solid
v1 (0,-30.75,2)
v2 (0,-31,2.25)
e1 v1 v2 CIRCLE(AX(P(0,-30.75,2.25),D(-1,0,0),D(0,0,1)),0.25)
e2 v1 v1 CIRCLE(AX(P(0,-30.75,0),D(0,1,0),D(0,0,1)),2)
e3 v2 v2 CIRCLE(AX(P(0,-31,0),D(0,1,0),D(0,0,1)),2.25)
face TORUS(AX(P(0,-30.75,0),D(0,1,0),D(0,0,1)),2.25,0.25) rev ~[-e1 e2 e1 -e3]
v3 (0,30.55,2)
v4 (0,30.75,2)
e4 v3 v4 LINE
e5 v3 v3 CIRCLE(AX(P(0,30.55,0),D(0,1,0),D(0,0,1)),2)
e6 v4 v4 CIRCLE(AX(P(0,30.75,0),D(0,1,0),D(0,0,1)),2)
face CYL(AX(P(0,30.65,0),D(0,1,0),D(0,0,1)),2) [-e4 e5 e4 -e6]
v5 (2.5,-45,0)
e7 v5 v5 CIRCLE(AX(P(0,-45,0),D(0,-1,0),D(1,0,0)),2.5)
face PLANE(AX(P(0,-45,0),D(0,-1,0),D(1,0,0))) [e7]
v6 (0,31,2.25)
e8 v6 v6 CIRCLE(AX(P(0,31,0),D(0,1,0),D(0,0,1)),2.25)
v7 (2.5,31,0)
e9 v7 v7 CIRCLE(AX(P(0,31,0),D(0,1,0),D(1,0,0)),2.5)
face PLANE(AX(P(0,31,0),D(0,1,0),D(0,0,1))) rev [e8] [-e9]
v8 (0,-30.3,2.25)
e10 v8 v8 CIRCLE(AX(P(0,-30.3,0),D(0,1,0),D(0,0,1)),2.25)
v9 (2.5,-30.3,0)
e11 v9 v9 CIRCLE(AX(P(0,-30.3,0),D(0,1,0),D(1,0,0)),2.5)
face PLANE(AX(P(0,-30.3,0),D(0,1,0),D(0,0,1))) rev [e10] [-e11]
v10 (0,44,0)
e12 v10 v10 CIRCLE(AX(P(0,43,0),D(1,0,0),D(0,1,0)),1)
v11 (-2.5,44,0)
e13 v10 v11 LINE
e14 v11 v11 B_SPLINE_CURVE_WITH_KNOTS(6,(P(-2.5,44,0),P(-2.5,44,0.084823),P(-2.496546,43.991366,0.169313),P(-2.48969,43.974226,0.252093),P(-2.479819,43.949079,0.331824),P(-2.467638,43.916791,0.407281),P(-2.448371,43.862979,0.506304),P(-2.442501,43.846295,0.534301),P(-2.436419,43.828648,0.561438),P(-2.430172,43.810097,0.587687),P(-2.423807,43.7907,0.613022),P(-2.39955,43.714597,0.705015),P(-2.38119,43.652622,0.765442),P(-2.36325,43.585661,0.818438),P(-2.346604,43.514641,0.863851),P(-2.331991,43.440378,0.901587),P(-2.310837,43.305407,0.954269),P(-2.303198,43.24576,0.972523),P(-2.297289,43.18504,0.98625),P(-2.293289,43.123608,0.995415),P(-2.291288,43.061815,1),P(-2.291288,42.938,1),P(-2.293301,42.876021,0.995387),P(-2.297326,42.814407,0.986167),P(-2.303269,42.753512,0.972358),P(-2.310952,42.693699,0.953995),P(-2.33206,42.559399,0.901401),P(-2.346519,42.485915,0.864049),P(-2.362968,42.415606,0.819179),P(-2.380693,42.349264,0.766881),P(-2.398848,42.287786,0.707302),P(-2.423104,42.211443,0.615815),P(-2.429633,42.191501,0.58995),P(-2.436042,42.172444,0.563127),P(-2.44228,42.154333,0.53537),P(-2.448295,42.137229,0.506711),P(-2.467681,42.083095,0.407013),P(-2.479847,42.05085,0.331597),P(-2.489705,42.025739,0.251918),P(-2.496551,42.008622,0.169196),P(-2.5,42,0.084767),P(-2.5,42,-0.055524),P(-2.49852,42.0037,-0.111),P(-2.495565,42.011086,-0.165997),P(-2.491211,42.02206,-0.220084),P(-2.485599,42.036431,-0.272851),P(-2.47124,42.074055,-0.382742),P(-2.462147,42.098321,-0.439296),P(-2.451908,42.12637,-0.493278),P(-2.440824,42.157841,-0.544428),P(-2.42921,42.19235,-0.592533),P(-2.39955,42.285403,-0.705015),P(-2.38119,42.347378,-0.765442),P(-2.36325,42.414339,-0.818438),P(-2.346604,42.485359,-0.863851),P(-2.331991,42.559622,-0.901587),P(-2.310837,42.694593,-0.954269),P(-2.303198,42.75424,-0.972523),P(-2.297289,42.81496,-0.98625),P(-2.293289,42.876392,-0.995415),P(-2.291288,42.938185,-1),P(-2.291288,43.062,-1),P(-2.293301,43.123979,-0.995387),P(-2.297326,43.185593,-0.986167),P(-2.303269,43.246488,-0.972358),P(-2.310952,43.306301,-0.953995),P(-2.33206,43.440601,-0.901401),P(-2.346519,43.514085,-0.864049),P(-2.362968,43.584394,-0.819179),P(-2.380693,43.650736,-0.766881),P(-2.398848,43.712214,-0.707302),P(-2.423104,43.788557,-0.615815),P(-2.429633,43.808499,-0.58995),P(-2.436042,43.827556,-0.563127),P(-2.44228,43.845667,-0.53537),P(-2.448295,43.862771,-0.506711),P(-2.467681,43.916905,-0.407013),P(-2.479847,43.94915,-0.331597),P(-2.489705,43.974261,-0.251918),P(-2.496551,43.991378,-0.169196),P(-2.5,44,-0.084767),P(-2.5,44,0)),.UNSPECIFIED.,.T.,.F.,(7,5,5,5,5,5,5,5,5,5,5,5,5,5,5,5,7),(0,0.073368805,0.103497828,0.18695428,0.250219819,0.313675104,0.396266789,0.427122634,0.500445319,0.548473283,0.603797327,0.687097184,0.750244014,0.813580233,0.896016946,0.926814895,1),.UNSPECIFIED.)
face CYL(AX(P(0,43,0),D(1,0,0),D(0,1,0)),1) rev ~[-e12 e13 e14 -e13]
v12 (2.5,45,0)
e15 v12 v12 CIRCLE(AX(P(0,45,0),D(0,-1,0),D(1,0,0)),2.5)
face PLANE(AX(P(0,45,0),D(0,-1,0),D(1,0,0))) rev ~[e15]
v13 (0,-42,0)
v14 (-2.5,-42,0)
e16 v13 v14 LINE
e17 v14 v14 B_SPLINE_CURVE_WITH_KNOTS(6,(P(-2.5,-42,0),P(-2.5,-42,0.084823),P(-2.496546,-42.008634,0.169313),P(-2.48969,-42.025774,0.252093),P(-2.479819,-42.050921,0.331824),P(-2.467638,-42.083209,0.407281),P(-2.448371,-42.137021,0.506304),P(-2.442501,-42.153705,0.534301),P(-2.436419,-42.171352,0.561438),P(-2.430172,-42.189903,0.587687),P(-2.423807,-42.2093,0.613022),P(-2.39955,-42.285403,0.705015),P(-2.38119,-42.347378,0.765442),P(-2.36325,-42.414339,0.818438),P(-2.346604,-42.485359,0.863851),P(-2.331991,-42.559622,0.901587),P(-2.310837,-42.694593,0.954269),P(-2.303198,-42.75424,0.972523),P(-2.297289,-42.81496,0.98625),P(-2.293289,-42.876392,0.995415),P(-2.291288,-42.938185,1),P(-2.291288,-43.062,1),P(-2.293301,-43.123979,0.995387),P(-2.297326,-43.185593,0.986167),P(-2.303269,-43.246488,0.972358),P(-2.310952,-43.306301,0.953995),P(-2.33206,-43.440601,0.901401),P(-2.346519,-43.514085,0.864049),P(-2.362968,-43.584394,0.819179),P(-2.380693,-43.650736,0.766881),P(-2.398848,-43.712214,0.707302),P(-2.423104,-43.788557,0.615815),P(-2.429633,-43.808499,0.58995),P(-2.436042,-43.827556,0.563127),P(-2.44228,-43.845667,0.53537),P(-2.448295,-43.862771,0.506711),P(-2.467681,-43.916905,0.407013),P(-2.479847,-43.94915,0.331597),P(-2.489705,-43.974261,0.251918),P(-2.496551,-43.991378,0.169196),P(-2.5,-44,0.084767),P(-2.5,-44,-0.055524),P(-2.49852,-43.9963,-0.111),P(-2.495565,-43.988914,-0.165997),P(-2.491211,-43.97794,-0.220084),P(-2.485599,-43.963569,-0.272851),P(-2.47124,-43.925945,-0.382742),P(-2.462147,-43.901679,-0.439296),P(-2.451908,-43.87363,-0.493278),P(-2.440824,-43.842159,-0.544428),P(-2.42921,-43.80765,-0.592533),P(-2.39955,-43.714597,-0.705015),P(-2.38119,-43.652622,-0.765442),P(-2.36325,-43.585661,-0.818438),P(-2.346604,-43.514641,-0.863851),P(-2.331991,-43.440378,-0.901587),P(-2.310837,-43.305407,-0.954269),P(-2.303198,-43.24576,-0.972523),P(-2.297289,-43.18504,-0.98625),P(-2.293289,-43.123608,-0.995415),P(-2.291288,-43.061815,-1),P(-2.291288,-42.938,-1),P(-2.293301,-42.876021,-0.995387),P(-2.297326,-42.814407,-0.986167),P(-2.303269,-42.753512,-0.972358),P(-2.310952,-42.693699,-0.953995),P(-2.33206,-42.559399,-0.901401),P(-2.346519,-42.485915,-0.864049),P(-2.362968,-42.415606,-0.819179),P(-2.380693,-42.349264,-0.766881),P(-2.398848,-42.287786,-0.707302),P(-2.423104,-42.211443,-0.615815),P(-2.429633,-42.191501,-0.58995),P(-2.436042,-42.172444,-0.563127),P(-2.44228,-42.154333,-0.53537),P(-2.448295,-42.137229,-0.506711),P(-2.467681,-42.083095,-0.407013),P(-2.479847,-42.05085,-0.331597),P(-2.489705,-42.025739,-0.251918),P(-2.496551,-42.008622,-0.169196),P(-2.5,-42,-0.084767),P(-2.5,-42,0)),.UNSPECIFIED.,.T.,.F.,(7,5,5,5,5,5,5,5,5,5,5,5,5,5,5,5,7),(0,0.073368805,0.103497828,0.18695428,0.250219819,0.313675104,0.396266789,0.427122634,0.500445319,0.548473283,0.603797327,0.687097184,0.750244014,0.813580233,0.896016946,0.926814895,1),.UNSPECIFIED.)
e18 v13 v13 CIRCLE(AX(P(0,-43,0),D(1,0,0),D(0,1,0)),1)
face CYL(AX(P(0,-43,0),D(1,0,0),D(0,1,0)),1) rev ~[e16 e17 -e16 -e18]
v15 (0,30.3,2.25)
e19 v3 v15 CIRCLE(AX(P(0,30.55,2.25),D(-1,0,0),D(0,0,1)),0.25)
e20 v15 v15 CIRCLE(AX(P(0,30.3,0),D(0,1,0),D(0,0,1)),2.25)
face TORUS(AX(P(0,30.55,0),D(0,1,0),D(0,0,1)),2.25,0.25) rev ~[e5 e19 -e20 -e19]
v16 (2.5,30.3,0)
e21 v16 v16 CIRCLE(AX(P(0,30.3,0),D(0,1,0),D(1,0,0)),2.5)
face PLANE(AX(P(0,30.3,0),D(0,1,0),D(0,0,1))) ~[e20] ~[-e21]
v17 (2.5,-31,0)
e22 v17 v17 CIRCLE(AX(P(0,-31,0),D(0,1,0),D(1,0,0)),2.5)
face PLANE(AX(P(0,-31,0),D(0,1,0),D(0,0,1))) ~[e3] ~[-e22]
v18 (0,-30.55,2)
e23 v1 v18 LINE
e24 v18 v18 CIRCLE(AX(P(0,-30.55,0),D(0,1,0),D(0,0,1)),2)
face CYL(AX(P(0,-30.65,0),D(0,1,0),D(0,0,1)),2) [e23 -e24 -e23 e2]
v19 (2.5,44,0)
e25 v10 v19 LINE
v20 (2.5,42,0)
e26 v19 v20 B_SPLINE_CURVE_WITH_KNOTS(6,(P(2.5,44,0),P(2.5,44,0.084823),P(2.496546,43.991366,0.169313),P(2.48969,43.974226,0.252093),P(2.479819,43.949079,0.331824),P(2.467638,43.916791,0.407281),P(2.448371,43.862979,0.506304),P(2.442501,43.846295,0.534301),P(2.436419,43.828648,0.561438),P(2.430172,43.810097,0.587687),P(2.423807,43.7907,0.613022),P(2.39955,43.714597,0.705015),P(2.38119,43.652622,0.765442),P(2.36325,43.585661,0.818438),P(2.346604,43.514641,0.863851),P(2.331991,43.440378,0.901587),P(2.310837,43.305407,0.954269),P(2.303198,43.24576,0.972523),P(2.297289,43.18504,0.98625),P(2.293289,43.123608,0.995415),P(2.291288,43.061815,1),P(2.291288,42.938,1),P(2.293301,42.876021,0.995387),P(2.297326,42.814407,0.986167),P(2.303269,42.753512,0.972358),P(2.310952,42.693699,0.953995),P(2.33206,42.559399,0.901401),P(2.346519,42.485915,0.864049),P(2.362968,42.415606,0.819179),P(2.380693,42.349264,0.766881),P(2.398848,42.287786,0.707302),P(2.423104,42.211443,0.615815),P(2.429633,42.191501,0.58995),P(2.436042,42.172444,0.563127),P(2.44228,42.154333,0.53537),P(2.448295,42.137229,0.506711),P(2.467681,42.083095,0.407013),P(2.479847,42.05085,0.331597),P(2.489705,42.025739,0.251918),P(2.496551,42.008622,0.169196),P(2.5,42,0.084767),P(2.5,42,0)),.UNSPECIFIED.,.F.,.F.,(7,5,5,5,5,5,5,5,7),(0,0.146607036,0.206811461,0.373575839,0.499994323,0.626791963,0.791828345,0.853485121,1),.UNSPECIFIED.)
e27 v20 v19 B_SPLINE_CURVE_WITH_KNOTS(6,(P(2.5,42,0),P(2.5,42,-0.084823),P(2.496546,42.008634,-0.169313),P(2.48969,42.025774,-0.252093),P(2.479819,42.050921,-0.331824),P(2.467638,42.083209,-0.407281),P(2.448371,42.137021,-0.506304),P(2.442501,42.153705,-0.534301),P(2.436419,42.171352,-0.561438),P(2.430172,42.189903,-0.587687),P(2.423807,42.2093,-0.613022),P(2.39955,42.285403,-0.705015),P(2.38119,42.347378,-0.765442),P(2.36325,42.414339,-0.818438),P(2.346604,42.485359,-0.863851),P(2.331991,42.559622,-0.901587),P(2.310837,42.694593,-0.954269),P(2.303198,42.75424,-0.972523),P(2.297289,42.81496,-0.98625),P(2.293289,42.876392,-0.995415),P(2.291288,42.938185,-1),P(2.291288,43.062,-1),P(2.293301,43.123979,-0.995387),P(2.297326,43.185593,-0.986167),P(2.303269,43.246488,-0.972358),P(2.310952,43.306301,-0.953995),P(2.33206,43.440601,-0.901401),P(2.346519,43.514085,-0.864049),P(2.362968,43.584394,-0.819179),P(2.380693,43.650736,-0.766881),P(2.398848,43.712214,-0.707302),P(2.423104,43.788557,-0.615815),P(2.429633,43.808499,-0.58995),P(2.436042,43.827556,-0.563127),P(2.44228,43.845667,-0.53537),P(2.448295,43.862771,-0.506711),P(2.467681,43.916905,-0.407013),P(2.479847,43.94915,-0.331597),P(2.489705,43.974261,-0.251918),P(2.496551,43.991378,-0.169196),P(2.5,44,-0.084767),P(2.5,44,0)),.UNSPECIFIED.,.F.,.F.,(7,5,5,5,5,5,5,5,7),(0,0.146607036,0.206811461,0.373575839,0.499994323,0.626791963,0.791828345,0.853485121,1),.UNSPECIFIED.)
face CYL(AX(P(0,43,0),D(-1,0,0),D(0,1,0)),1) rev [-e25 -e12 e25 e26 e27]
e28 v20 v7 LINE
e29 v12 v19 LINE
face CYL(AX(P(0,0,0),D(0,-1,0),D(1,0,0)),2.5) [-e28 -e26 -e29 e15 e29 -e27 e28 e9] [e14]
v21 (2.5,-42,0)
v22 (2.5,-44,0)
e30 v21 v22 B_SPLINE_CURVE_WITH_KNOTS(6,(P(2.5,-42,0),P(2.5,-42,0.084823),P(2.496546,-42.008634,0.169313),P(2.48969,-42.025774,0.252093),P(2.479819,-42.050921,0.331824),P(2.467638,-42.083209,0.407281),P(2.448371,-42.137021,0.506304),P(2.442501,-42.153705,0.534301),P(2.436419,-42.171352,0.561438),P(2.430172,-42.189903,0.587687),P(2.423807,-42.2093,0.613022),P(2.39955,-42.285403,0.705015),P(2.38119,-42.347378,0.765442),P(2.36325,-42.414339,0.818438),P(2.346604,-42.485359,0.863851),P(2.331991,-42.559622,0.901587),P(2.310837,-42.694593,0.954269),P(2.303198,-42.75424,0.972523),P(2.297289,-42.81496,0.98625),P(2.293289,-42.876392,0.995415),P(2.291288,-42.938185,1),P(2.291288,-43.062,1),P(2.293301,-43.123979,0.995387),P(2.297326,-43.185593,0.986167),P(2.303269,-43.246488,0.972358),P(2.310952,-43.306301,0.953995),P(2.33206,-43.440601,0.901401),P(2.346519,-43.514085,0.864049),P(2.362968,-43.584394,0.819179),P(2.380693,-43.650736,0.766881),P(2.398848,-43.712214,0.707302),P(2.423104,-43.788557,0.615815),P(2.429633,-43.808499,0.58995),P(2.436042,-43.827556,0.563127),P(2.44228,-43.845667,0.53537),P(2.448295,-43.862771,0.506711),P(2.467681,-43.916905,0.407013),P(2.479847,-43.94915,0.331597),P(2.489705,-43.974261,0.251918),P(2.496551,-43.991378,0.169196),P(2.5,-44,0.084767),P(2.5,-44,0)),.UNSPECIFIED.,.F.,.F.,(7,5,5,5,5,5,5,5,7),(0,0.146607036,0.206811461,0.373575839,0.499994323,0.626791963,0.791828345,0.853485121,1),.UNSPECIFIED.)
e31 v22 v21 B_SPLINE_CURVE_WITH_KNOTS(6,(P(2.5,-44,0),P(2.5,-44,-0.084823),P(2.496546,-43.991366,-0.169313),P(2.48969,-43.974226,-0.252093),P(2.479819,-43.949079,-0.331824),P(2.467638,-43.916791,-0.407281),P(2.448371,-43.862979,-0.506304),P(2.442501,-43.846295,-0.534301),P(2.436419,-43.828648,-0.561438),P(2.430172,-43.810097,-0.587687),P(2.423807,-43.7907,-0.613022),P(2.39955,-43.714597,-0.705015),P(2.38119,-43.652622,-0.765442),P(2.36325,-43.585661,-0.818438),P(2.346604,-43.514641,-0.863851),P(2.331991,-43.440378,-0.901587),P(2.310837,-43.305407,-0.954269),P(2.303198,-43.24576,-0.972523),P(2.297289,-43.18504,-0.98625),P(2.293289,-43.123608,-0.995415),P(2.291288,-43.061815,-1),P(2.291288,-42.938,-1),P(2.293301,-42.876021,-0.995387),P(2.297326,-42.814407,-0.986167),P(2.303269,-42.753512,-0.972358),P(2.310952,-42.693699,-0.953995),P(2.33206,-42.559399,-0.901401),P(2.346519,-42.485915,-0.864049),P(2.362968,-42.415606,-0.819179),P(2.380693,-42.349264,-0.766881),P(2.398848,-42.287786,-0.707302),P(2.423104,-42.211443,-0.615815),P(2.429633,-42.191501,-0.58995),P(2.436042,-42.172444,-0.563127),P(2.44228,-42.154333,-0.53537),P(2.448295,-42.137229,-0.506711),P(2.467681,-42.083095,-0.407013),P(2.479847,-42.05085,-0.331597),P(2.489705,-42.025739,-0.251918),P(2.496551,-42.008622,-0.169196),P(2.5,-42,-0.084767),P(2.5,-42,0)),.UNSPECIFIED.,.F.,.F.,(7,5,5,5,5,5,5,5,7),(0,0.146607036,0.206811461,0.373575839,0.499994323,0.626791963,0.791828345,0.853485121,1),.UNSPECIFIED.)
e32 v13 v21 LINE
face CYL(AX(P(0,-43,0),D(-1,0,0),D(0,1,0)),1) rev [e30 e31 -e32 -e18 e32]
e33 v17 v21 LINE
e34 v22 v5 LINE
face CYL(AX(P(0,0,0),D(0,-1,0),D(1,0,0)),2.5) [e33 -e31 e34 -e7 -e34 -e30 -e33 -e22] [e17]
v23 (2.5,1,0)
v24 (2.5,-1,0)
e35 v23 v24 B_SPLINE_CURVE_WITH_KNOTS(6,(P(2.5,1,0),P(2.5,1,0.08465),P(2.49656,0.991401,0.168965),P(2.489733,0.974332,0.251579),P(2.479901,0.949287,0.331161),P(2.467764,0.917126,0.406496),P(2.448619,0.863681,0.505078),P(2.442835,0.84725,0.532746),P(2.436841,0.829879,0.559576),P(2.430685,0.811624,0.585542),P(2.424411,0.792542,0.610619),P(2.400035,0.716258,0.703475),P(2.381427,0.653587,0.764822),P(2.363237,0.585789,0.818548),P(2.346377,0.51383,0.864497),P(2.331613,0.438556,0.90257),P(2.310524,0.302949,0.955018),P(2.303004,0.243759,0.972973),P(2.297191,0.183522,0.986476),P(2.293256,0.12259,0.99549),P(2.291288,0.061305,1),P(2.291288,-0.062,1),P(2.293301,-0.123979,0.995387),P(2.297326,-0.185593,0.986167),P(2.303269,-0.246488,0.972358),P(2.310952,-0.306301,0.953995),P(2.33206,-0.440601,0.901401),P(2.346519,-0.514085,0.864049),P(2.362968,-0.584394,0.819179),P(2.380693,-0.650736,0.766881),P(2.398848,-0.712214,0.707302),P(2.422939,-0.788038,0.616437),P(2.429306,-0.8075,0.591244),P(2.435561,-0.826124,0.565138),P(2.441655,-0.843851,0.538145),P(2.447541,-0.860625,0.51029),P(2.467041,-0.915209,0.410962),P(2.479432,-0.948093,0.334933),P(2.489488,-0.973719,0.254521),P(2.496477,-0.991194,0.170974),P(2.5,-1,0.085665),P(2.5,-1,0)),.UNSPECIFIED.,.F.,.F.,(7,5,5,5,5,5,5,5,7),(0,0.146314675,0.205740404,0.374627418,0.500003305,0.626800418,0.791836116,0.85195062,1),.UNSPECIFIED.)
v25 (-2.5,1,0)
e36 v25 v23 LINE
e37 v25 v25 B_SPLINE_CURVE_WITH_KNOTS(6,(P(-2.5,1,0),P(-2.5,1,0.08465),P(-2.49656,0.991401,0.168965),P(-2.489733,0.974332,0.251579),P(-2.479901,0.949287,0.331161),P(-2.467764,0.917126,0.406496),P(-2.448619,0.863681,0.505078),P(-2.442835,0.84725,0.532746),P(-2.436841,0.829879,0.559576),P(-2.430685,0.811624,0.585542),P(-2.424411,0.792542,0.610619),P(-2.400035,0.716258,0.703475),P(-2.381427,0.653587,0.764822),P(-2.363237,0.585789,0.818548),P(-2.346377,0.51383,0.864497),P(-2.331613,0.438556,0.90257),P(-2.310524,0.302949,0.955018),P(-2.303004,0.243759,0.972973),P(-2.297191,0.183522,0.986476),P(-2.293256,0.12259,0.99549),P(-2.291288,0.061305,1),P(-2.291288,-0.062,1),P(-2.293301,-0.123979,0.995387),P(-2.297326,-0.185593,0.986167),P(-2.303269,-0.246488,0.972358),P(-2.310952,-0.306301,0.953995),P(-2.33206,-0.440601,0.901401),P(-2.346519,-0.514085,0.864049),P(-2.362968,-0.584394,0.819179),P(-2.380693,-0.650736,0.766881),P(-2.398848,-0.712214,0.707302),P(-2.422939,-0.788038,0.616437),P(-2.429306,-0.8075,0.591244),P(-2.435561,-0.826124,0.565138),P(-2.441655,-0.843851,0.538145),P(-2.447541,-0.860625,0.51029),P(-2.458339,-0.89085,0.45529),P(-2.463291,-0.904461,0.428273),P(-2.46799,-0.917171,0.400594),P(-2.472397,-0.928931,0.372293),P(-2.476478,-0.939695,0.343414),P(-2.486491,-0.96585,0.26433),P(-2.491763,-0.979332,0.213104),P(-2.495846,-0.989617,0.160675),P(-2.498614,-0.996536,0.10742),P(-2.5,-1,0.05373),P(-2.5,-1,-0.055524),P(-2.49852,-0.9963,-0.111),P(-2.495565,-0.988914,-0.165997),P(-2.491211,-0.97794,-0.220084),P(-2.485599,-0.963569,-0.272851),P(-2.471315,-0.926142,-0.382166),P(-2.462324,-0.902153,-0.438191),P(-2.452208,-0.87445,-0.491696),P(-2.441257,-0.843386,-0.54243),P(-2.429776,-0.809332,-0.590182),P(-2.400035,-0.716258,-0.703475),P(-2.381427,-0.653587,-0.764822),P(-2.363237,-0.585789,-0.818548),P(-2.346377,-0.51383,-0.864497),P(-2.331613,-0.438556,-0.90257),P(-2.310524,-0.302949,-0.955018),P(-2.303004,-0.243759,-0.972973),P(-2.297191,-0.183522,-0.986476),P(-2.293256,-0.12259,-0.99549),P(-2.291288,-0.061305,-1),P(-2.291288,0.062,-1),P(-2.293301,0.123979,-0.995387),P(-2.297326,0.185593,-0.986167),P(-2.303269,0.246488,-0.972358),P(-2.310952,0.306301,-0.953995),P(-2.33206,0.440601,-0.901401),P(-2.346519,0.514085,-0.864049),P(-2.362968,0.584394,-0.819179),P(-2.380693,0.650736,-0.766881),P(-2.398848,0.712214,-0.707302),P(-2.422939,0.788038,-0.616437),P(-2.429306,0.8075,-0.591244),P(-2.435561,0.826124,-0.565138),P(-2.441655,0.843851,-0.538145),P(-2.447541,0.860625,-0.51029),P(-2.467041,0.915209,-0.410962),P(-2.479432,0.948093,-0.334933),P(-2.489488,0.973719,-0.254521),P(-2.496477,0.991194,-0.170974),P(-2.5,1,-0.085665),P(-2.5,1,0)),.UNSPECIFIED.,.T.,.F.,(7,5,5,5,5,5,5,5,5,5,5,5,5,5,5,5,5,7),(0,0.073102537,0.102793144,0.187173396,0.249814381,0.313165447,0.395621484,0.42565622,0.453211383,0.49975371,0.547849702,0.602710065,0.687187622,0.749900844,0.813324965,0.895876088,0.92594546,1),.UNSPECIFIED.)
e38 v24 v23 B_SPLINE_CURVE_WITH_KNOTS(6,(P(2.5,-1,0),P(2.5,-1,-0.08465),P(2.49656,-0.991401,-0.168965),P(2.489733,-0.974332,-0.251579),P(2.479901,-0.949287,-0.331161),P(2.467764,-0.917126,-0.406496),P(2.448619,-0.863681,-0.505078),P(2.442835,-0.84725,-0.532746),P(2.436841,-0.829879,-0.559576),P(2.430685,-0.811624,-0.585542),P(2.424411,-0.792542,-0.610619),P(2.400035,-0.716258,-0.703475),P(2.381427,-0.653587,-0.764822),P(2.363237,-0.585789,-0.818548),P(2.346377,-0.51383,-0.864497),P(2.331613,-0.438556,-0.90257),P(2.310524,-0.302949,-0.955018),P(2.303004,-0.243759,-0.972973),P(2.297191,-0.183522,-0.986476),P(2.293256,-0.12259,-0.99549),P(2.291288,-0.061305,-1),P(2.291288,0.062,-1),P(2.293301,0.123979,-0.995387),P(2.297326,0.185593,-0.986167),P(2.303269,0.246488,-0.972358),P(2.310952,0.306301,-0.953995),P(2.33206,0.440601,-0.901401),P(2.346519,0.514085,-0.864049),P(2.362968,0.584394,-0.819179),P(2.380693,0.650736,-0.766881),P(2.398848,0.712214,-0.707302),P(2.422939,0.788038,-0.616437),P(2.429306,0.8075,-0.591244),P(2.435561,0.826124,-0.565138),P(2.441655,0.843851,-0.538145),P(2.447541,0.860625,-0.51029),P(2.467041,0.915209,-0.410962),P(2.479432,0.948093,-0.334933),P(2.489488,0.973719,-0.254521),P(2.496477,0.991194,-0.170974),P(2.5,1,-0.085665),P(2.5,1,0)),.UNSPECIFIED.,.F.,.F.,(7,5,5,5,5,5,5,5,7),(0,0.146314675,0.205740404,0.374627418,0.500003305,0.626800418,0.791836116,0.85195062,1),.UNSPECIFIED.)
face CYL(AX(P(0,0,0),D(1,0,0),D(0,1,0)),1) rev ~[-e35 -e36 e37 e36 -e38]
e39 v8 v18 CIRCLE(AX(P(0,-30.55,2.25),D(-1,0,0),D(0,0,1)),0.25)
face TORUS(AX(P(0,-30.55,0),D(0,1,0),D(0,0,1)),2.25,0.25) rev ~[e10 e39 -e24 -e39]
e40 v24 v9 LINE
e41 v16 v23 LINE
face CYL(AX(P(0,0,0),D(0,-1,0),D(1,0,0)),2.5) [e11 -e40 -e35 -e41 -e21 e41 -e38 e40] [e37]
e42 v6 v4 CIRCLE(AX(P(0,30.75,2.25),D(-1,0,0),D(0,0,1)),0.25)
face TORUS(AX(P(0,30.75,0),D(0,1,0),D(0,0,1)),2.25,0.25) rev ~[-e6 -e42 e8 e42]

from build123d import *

# Parameters (mm, degrees)
F0_R     = 2.5
F1_DEPTH = 45
F2_W     = 0.7
F2_H     = 0.5
F5_R     = 1
F6_DEPTH = 12.5
F7_R     = 0.25


with BuildPart() as f1:
    # F0 (on Front) → F1 (new body, symmetric)
    with BuildSketch(Plane.XZ):
        Circle(F0_R)
    extrude(amount=F1_DEPTH, both=True)

    # F2 (on Right) → F4 (revolve, cut)
    with BuildSketch(Plane.YZ):
        with Locations((-30.65, 2.25)):
            Rectangle(F2_W, F2_H)
        with Locations((30.65, 2.25)):
            Rectangle(F2_W, F2_H)
    revolve(axis=Axis((0, -3.298404, 0), (0, 1, 0)), mode=Mode.SUBTRACT)

    # F5 (on Right) → F6 (cut, symmetric)
    with BuildSketch(Plane.YZ):
        with Locations((-43, 0)):
            Circle(F5_R)
        with Locations((43, 0)):
            Circle(F5_R)
        Circle(F5_R)
    extrude(amount=F6_DEPTH, both=True, mode=Mode.SUBTRACT)

    # F7
    f7_edges = [f1.edges().sort_by_distance(p)[0] for p in [
        (0, -31, -2),
        (0, -30.3, -2),
        (0, 30.3, -2),
        (0, 31, -2),
    ]]
    fillet(f7_edges, radius=F7_R)


solid = f1.part
